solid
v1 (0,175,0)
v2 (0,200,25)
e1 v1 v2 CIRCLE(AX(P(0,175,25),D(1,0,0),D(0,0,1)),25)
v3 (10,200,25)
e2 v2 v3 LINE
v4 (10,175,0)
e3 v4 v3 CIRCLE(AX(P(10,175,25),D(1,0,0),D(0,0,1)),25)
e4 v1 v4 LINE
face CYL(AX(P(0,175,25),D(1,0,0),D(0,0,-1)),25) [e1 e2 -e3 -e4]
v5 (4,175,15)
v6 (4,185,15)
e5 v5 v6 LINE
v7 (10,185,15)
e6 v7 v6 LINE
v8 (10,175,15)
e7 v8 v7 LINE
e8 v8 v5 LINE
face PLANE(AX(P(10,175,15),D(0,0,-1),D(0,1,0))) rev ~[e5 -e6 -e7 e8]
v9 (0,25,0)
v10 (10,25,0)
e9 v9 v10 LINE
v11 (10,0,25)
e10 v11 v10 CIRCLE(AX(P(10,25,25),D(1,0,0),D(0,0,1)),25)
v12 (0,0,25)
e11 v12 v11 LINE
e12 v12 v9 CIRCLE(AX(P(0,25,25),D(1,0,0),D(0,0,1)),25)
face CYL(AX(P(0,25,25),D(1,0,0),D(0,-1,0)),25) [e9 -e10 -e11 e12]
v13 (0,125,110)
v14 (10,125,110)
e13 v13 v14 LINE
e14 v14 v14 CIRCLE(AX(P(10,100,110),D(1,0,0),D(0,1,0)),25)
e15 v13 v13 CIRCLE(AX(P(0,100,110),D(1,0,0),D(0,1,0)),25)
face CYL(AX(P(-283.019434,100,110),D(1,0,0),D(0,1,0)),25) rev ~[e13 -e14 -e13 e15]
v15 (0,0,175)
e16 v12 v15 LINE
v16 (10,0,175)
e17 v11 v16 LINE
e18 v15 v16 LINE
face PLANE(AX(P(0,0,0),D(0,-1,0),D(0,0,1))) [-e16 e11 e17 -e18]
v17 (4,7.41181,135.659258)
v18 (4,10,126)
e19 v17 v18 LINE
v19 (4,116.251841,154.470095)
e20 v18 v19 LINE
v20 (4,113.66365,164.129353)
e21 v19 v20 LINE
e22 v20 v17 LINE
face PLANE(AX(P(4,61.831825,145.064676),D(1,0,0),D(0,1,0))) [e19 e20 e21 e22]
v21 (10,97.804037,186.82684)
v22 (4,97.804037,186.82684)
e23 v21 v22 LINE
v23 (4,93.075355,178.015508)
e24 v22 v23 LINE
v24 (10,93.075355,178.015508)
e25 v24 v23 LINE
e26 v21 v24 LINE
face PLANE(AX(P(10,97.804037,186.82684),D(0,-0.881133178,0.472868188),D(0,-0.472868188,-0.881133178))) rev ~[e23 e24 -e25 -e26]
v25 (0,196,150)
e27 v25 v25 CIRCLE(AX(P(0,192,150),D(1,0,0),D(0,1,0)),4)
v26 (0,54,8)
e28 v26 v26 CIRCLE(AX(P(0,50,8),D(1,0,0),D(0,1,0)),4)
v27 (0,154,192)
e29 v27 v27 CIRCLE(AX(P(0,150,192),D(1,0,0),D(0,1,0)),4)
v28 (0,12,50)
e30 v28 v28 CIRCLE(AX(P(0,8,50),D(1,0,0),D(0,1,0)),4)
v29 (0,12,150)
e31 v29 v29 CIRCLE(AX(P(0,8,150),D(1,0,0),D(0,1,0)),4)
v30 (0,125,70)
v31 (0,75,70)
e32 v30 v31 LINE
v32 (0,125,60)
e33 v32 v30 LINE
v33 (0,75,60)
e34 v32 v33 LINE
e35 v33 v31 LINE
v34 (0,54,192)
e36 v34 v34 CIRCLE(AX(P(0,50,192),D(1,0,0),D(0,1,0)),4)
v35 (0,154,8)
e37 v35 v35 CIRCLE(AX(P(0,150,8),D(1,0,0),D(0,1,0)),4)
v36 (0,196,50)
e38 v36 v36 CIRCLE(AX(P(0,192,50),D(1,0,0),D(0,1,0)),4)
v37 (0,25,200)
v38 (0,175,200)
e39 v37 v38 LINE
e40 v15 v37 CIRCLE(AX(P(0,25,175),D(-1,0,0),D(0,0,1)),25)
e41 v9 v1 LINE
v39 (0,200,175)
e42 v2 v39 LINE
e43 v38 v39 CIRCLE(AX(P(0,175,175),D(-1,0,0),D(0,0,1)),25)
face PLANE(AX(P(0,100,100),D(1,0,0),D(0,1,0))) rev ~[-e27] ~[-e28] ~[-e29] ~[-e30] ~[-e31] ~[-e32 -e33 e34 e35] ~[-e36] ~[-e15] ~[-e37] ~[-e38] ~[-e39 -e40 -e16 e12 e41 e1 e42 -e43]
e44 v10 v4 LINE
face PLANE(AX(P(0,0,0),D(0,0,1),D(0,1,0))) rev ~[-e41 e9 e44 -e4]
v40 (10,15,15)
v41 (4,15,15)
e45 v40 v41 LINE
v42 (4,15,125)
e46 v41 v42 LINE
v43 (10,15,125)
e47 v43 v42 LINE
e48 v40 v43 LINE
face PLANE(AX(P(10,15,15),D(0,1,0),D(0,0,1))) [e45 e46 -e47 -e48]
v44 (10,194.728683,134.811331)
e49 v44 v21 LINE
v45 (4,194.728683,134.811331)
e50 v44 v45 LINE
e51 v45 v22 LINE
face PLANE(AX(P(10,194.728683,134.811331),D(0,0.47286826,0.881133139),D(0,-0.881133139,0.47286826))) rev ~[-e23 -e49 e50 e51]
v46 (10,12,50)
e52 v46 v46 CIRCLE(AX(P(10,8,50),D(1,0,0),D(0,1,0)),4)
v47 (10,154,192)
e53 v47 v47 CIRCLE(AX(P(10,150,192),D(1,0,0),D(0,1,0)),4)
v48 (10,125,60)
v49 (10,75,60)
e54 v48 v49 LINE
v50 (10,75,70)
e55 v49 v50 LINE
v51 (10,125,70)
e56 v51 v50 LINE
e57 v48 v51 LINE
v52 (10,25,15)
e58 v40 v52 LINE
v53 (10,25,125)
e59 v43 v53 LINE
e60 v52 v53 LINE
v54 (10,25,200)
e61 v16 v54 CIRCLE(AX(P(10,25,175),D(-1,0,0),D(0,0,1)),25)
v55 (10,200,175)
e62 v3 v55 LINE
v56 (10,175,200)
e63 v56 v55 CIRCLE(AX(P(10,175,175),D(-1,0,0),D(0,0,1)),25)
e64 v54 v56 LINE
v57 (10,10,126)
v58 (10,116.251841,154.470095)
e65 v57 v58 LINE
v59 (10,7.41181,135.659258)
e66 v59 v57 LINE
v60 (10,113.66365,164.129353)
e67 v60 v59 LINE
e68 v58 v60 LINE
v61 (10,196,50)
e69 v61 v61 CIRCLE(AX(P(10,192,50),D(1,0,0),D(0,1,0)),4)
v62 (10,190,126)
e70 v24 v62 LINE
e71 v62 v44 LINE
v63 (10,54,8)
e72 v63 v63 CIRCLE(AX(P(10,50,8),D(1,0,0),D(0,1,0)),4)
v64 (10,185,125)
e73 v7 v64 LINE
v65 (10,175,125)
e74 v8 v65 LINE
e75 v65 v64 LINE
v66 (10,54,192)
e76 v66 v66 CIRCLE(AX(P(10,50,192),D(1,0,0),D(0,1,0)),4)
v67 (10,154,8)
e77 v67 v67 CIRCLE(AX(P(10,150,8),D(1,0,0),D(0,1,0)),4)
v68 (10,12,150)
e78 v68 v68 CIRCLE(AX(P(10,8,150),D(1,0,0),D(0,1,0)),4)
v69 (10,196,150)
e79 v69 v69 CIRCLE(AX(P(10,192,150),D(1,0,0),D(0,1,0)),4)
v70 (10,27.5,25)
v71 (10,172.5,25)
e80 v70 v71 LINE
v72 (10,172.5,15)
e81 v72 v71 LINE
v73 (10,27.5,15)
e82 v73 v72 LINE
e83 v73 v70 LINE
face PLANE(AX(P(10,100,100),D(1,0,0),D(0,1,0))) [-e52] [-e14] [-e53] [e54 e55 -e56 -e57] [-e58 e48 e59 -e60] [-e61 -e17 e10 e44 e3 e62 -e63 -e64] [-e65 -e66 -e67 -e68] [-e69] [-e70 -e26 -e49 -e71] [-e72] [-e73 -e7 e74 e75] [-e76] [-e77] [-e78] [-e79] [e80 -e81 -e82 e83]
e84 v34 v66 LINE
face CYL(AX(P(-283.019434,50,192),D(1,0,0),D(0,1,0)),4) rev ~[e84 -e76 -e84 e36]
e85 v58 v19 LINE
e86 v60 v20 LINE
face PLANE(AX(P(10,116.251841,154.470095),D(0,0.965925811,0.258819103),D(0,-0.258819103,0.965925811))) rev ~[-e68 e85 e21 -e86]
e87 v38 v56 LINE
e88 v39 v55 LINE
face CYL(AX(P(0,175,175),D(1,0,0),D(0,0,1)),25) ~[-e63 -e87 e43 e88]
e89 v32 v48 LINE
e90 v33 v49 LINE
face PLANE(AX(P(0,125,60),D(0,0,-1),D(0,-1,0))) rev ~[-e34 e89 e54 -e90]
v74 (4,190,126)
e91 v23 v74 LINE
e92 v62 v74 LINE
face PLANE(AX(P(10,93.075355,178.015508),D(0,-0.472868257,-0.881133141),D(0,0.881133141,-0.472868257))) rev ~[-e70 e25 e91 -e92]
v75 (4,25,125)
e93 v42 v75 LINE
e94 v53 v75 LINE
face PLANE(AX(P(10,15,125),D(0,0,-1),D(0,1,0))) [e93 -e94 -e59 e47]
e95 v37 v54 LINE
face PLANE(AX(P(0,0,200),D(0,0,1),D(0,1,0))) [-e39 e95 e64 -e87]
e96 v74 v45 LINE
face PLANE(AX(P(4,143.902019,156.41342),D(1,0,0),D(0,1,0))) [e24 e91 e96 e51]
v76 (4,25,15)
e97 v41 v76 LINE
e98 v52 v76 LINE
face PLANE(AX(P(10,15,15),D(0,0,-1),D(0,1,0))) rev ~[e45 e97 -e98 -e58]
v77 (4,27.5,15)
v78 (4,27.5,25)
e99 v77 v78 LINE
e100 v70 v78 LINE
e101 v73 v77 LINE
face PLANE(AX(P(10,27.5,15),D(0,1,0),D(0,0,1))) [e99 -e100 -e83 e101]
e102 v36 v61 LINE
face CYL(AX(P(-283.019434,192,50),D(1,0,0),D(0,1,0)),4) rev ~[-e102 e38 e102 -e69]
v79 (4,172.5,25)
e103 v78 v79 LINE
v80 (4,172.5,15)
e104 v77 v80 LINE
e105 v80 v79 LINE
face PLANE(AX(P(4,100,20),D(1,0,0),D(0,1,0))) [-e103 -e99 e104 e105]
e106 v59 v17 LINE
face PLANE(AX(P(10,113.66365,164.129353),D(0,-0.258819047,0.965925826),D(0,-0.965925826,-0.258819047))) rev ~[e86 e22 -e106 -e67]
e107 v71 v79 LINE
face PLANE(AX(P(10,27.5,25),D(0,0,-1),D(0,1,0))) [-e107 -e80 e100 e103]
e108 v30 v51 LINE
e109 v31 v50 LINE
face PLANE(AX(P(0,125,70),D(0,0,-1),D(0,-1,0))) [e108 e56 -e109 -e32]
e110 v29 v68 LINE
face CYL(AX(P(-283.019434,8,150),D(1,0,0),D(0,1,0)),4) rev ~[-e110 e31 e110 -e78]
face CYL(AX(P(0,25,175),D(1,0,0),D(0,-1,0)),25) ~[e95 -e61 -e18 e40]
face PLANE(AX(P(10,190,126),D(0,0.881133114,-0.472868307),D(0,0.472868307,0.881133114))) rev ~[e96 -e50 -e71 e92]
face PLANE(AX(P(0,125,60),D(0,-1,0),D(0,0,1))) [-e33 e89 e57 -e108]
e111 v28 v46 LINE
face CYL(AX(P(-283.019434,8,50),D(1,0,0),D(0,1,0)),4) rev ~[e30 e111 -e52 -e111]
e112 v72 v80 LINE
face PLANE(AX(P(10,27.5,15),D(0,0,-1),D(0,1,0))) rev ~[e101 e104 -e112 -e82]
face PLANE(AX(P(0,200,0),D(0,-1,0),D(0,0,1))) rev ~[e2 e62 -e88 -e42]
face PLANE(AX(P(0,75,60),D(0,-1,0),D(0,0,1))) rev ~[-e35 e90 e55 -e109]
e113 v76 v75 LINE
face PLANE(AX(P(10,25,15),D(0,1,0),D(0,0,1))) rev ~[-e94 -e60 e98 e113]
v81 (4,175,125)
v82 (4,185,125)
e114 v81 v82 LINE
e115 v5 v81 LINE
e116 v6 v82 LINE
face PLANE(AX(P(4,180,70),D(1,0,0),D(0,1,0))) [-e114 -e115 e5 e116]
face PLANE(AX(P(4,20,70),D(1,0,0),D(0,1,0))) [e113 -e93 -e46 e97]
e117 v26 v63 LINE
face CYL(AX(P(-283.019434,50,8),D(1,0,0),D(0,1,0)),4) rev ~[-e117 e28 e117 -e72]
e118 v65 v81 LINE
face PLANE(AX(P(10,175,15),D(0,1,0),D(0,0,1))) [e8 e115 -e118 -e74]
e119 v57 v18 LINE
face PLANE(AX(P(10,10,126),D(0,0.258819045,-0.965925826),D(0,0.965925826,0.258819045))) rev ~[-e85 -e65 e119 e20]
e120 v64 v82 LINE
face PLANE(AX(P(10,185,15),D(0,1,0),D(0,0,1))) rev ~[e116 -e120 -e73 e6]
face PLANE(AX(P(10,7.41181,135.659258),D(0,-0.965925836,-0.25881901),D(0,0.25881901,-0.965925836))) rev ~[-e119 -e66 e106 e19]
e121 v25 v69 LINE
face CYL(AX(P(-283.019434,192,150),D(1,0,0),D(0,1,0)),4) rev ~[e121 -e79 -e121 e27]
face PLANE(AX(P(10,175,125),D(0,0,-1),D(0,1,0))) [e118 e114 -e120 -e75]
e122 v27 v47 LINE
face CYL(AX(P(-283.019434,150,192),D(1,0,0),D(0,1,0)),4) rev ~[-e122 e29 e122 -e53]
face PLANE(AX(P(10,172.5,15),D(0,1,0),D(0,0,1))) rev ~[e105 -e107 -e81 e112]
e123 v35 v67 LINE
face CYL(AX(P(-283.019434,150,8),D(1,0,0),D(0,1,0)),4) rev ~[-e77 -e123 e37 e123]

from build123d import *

# Parameters (mm, degrees)
F0_W     = 200
F0_H     = 200
F1_DEPTH = 10
F2_W     = 10
F2_H     = 110
F2_W_2   = 145
F2_H_2   = 10
F3_DEPTH = 6
F6_D     = 50
F7_W     = 50
F7_H     = 10
F8_DEPTH = 10
F10_D    = 8
F11_R    = 25


with BuildPart() as f1:
    # F0 (on Right) → F1 (new body)
    with BuildSketch(Plane.YZ):
        with Locations((100, 100)):
            Rectangle(F0_W, F0_H)
    extrude(amount=F1_DEPTH)

    # F2 (on face) → F3 (cut)
    with BuildSketch(Plane.YZ.offset(10)):
        Polygon((113.66365, 164.129353), (7.41181, 135.659258), (10, 126), (116.251841, 154.470095), align=None)
        Polygon((97.804037, 186.82684), (93.075355, 178.015508), (190, 126), (194.728683, 134.811331), align=None)
        with Locations((20, 70)):
            Rectangle(F2_W, F2_H)
        with Locations((100, 20)):
            Rectangle(F2_W_2, F2_H_2)
        with Locations((180, 70)):
            Rectangle(F2_W, F2_H)
    extrude(amount=-F3_DEPTH, mode=Mode.SUBTRACT)

    # F6 (through all)
    with Locations(Plane(origin=(0, 0, 0), x_dir=(0, -1, 0), z_dir=(-1, 0, 0))):
        with Locations((-100, 110)):
            Hole(F6_D / 2)

    # F7 (on face) → F8 (cut, through all)
    with BuildSketch(Plane(origin=(0, 0, 0), x_dir=(0, -1, 0), z_dir=(-1, 0, 0))):
        with Locations((-100, 65)):
            Rectangle(F7_W, F7_H)
    extrude(amount=-F8_DEPTH, mode=Mode.SUBTRACT)

    # F10 (through all)
    with Locations(Plane(origin=(0, 0, 0), x_dir=(0, -1, 0), z_dir=(-1, 0, 0))):
        with Locations((-150, 192), (-192, 150), (-50, 192), (-8, 150), (-50, 8), (-8, 50), (-150, 8), (-192, 50)):
            Hole(F10_D / 2)

    # F11
    f11_edges = [f1.edges().sort_by_distance(p)[0] for p in [
        (5, 0, 200),
        (5, 0, 0),
        (5, 200, 200),
        (5, 200, 0),
    ]]
    fillet(f11_edges, radius=F11_R)


solid = f1.part
